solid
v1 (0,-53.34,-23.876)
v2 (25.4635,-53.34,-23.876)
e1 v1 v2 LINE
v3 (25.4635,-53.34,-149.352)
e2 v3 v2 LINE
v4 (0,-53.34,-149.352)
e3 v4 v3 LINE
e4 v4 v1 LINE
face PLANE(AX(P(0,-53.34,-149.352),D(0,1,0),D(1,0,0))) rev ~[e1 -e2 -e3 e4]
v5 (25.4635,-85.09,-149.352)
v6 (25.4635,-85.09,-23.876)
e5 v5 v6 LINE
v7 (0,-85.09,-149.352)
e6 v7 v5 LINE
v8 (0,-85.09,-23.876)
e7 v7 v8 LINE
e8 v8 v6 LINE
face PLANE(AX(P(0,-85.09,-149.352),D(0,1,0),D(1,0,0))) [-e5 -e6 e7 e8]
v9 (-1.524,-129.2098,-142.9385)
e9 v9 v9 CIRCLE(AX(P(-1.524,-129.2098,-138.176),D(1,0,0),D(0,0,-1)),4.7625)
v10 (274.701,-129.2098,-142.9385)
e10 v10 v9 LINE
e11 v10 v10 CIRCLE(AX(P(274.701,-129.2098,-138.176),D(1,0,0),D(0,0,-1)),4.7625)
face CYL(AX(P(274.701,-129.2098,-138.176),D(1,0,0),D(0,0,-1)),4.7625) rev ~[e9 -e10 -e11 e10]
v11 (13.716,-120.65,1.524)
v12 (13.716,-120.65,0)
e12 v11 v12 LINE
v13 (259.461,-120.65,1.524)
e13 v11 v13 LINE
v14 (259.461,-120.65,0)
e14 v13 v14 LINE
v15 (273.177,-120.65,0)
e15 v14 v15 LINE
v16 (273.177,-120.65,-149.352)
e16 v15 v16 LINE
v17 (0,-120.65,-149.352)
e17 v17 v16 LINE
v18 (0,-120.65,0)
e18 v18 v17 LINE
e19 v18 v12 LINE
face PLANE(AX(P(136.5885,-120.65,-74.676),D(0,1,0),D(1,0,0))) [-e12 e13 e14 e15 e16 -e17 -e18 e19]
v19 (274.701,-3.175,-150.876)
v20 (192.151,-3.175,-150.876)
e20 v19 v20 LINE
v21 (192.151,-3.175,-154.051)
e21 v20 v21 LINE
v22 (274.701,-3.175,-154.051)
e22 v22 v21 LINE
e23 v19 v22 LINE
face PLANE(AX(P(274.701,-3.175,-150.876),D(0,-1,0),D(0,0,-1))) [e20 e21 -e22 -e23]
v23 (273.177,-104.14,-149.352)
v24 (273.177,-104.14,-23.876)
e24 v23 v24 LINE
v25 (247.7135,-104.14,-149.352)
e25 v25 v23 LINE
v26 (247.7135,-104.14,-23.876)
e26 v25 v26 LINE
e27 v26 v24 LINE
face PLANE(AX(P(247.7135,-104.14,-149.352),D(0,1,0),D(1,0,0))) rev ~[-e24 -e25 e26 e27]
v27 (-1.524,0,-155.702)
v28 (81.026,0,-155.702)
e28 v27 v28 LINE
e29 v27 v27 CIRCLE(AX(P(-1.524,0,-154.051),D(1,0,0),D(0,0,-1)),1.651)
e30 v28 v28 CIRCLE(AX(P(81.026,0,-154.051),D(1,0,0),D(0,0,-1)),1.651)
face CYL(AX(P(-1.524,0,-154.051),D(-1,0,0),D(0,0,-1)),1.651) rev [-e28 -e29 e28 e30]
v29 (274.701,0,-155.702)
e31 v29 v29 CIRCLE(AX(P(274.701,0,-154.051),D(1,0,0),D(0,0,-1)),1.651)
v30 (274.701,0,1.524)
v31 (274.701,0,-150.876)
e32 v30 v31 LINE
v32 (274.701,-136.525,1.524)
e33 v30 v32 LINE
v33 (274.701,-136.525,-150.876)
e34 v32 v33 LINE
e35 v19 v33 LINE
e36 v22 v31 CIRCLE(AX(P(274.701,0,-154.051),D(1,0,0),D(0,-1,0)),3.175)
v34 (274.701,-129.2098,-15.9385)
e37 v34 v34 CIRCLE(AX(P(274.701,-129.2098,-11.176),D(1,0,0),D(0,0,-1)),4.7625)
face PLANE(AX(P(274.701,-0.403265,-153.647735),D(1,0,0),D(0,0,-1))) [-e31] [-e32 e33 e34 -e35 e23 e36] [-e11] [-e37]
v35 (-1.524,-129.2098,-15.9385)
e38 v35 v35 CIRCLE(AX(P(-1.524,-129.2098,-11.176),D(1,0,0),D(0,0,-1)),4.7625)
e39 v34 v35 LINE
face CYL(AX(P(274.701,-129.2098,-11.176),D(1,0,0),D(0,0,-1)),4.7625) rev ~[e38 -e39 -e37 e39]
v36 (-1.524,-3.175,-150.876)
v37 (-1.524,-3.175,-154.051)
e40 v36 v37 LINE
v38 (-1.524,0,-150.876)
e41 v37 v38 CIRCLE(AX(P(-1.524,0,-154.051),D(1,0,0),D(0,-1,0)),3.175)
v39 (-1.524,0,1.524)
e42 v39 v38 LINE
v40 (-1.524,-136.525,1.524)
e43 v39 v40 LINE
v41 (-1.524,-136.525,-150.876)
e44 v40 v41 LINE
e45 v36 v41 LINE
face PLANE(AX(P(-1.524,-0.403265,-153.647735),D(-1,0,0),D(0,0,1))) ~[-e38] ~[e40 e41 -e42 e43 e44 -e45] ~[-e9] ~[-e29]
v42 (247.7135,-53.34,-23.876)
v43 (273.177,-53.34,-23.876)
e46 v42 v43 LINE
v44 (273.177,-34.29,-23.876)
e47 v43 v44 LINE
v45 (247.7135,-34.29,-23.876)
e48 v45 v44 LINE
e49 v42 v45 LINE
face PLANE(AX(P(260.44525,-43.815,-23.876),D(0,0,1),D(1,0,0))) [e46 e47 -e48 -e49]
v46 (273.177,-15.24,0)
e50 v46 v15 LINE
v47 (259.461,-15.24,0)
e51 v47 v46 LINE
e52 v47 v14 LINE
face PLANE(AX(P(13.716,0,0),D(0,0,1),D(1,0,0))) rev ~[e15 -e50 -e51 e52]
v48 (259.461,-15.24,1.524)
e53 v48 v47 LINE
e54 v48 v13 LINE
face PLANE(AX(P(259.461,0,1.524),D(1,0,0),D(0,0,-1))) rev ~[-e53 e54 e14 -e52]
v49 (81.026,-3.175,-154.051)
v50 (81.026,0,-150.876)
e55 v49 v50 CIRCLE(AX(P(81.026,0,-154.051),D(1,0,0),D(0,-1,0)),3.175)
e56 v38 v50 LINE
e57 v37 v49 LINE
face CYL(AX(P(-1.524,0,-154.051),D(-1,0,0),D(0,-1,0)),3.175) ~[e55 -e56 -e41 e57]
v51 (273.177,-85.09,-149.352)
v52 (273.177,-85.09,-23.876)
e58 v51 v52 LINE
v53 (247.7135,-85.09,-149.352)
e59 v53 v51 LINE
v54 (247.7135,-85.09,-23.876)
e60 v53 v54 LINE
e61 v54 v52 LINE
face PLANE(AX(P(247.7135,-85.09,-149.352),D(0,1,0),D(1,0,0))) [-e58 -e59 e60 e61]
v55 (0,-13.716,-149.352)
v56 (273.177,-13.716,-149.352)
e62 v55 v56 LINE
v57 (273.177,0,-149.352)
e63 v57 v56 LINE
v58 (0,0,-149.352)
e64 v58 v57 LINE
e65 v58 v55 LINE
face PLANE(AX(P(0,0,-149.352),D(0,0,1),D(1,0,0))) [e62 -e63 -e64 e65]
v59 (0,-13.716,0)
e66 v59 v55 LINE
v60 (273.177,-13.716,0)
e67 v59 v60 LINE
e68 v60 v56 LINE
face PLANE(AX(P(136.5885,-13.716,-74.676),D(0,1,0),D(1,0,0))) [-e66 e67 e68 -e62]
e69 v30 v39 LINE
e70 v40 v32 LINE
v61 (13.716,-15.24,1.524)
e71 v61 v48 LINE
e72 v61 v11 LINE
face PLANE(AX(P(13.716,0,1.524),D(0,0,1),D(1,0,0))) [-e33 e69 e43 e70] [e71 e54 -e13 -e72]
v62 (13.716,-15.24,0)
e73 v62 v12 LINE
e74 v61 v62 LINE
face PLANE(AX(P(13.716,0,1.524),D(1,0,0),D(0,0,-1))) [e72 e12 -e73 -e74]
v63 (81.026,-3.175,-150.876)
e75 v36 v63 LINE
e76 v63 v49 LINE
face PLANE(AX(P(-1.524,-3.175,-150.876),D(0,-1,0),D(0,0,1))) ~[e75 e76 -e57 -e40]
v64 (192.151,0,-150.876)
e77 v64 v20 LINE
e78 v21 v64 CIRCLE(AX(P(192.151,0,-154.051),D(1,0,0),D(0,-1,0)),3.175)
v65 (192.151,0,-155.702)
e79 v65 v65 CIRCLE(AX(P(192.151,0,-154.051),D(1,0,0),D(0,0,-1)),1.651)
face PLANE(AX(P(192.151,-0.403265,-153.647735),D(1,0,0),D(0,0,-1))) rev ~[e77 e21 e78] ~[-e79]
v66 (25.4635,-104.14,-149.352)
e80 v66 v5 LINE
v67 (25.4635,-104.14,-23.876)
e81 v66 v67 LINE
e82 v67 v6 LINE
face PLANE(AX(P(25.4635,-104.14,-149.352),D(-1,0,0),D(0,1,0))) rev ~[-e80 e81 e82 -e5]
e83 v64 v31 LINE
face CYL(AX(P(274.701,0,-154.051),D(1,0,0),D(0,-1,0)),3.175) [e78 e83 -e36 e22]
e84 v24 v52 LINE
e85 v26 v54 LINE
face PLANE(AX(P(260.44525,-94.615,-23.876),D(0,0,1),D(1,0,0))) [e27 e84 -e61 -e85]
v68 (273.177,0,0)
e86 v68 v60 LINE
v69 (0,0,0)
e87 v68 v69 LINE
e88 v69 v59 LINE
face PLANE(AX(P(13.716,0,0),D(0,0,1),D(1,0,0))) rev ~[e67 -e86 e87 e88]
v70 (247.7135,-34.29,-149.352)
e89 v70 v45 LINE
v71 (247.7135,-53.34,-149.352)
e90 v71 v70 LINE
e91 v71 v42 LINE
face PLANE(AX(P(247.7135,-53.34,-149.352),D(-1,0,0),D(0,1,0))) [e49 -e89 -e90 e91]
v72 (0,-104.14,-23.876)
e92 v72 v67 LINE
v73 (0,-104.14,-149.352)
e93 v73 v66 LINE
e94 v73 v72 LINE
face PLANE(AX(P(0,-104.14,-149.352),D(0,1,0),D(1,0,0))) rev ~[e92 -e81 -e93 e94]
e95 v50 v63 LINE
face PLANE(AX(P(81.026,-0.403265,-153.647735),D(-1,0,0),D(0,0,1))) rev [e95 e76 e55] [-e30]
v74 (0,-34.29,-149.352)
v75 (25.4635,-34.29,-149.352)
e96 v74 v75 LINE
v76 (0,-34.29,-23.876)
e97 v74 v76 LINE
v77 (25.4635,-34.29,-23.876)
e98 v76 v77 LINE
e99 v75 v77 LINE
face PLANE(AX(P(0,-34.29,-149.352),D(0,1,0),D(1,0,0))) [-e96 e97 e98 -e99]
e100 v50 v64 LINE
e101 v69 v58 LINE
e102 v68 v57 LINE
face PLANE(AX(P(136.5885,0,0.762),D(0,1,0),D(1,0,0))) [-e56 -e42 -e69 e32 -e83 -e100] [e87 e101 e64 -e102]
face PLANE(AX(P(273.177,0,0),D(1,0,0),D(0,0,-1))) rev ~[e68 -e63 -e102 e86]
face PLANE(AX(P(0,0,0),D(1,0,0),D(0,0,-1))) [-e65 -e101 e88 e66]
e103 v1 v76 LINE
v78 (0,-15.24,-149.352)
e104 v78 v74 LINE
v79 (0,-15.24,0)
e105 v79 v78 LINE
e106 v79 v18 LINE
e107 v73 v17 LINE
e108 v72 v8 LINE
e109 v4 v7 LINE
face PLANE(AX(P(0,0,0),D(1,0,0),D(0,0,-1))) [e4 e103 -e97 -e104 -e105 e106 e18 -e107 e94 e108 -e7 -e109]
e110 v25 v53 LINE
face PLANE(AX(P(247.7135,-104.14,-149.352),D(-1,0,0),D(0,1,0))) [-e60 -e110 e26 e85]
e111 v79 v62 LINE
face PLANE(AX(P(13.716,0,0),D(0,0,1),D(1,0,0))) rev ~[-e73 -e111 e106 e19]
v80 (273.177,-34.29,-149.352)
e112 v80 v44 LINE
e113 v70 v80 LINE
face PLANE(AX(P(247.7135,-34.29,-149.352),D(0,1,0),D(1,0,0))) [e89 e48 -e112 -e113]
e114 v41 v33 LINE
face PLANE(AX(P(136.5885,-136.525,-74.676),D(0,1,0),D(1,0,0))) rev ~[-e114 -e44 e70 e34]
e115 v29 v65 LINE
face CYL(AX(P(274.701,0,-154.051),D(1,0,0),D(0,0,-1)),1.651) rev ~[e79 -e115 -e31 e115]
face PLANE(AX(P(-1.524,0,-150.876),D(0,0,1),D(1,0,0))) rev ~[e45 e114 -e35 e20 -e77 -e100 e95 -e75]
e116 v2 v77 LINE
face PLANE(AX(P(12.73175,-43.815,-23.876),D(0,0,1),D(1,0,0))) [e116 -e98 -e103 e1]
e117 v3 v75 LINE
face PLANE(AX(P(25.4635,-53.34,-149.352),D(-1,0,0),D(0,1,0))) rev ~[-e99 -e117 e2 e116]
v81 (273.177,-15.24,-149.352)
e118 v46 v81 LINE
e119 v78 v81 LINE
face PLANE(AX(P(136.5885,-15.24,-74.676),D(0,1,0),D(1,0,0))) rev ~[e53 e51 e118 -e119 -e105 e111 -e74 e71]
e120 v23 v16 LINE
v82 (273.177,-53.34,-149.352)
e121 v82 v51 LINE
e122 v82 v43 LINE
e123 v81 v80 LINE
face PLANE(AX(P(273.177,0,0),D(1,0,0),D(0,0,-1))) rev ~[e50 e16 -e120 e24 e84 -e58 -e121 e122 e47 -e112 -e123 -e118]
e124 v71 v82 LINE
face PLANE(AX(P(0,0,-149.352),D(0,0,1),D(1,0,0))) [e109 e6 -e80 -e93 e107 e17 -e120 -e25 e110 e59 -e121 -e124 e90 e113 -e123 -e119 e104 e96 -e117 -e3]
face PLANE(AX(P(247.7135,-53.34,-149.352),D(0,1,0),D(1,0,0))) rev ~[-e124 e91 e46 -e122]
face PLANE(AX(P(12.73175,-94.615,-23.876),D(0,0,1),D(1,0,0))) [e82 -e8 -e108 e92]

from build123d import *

# Parameters (mm, degrees)
SKETCH1_W               = 276.225
SKETCH1_H               = 152.4
BULK_EXTRUDE_DEPTH      = 136.525
SKETCH1_13_W            = 273.177
SKETCH1_13_H            = 149.352
SKETCH1_13_W_2          = 245.745
SKETCH1_13_H_2          = 1.524
INNER_SHELL_CUT_DEPTH   = 120.65
SKETCH1_14_W            = 245.745
SKETCH1_14_H            = 1.524
TOP_WALL_EXTRUDE_DEPTH  = 15.24
TOP_START               = -15.24
SKETCH1_15_W            = 273.177
SKETCH1_15_H            = 149.352
TOP_FLOOR_EXTRUDE_DEPTH = 1.524
SKETCH5_R               = 1.651
HINGE_EXTRUDE_DEPTH     = 82.55
SKETCH7_W               = 25.4635
SKETCH7_H               = 19.05
RAILS_EXTRUDE_DEPTH     = 125.476
SKETCH8_R               = 4.7625
CUT_EXTRUDE1_DEPTH      = 346.918113614
CUT_EXTRUDE1_DEPTH_BACK = 346.918113614


with BuildPart() as part:
    # Sketch1 → Bulk-Extrude (new body)
    with BuildSketch(Plane(origin=(0, 0, 0), x_dir=(1, 0, 0), z_dir=(0, 1, 0))):
        with Locations((136.5885, 74.676)):
            Rectangle(SKETCH1_W, SKETCH1_H)
    extrude(amount=-BULK_EXTRUDE_DEPTH)

    # Sketch1<13> → Inner Shell-Cut (cut)
    with BuildSketch(Plane(origin=(0, 0, 0), x_dir=(1, 0, 0), z_dir=(0, 1, 0))):
        with Locations((136.5885, 74.676)):
            Rectangle(SKETCH1_13_W, SKETCH1_13_H)
        with Locations((136.5885, -0.762)):
            Rectangle(SKETCH1_13_W_2, SKETCH1_13_H_2)
    extrude(amount=-INNER_SHELL_CUT_DEPTH, mode=Mode.SUBTRACT)

    # Sketch1<14> → Top Wall-Extrude (add)
    with BuildSketch(Plane(origin=(0, 0, 0), x_dir=(1, 0, 0), z_dir=(0, 1, 0))):
        with Locations((136.5885, -0.762)):
            Rectangle(SKETCH1_14_W, SKETCH1_14_H)
    extrude(amount=-TOP_WALL_EXTRUDE_DEPTH)

    # Sketch1<15> → Top Floor-Extrude (add)
    with BuildSketch(Plane(origin=(0, 0, 0), x_dir=(1, 0, 0), z_dir=(0, 1, 0)).offset(TOP_START)):
        with Locations((136.5885, 74.676)):
            Rectangle(SKETCH1_15_W, SKETCH1_15_H)
    extrude(amount=TOP_FLOOR_EXTRUDE_DEPTH)

    # Sketch5 → Hinge-Extrude (add)
    with BuildSketch(Plane(origin=(274.701, 0, 0), x_dir=(0, 0, -1), z_dir=(1, 0, 0))):
        with BuildLine():
            Line((150.876, 0), (150.876, -3.175))
            Line((150.876, -3.175), (154.051, -3.175))
            ThreePointArc((154.051, -3.175), (156.29606403, 2.24506403), (150.876, 0))
        make_face()
        with Locations((154.051, 0)):
            Circle(SKETCH5_R, mode=Mode.SUBTRACT)
    hinge_extrude = extrude(amount=-HINGE_EXTRUDE_DEPTH)

    # Mirror1: Hinge-Extrude across plane
    add(hinge_extrude.mirror(Plane(origin=(136.5885, 0, 0), x_dir=(0, 0, 1), z_dir=(1, 0, 0))))

    # Sketch7 → Rails-Extrude (add)
    with BuildSketch(Plane.XY.offset(-149.352)):
        with Locations((12.73175, -43.815)):
            Rectangle(SKETCH7_W, SKETCH7_H)
        with Locations((260.44525, -43.815)):
            Rectangle(SKETCH7_W, SKETCH7_H)
        with Locations((12.73175, -94.615)):
            Rectangle(SKETCH7_W, SKETCH7_H)
        with Locations((260.44525, -94.615)):
            Rectangle(SKETCH7_W, SKETCH7_H)
    extrude(amount=RAILS_EXTRUDE_DEPTH)

    # Sketch8 → Cut-Extrude1 (cut, two sides)
    with BuildSketch(Plane(origin=(274.701, 0, 0), x_dir=(0, 0, -1), z_dir=(1, 0, 0))) as cut_extrude1_sk:
        with Locations((11.176, -129.2098)):
            Circle(SKETCH8_R)
        with Locations((138.176, -129.2098)):
            Circle(SKETCH8_R)
    extrude(amount=CUT_EXTRUDE1_DEPTH, mode=Mode.SUBTRACT)
    extrude(cut_extrude1_sk.sketch, amount=-CUT_EXTRUDE1_DEPTH_BACK, mode=Mode.SUBTRACT)


solid = part.part
